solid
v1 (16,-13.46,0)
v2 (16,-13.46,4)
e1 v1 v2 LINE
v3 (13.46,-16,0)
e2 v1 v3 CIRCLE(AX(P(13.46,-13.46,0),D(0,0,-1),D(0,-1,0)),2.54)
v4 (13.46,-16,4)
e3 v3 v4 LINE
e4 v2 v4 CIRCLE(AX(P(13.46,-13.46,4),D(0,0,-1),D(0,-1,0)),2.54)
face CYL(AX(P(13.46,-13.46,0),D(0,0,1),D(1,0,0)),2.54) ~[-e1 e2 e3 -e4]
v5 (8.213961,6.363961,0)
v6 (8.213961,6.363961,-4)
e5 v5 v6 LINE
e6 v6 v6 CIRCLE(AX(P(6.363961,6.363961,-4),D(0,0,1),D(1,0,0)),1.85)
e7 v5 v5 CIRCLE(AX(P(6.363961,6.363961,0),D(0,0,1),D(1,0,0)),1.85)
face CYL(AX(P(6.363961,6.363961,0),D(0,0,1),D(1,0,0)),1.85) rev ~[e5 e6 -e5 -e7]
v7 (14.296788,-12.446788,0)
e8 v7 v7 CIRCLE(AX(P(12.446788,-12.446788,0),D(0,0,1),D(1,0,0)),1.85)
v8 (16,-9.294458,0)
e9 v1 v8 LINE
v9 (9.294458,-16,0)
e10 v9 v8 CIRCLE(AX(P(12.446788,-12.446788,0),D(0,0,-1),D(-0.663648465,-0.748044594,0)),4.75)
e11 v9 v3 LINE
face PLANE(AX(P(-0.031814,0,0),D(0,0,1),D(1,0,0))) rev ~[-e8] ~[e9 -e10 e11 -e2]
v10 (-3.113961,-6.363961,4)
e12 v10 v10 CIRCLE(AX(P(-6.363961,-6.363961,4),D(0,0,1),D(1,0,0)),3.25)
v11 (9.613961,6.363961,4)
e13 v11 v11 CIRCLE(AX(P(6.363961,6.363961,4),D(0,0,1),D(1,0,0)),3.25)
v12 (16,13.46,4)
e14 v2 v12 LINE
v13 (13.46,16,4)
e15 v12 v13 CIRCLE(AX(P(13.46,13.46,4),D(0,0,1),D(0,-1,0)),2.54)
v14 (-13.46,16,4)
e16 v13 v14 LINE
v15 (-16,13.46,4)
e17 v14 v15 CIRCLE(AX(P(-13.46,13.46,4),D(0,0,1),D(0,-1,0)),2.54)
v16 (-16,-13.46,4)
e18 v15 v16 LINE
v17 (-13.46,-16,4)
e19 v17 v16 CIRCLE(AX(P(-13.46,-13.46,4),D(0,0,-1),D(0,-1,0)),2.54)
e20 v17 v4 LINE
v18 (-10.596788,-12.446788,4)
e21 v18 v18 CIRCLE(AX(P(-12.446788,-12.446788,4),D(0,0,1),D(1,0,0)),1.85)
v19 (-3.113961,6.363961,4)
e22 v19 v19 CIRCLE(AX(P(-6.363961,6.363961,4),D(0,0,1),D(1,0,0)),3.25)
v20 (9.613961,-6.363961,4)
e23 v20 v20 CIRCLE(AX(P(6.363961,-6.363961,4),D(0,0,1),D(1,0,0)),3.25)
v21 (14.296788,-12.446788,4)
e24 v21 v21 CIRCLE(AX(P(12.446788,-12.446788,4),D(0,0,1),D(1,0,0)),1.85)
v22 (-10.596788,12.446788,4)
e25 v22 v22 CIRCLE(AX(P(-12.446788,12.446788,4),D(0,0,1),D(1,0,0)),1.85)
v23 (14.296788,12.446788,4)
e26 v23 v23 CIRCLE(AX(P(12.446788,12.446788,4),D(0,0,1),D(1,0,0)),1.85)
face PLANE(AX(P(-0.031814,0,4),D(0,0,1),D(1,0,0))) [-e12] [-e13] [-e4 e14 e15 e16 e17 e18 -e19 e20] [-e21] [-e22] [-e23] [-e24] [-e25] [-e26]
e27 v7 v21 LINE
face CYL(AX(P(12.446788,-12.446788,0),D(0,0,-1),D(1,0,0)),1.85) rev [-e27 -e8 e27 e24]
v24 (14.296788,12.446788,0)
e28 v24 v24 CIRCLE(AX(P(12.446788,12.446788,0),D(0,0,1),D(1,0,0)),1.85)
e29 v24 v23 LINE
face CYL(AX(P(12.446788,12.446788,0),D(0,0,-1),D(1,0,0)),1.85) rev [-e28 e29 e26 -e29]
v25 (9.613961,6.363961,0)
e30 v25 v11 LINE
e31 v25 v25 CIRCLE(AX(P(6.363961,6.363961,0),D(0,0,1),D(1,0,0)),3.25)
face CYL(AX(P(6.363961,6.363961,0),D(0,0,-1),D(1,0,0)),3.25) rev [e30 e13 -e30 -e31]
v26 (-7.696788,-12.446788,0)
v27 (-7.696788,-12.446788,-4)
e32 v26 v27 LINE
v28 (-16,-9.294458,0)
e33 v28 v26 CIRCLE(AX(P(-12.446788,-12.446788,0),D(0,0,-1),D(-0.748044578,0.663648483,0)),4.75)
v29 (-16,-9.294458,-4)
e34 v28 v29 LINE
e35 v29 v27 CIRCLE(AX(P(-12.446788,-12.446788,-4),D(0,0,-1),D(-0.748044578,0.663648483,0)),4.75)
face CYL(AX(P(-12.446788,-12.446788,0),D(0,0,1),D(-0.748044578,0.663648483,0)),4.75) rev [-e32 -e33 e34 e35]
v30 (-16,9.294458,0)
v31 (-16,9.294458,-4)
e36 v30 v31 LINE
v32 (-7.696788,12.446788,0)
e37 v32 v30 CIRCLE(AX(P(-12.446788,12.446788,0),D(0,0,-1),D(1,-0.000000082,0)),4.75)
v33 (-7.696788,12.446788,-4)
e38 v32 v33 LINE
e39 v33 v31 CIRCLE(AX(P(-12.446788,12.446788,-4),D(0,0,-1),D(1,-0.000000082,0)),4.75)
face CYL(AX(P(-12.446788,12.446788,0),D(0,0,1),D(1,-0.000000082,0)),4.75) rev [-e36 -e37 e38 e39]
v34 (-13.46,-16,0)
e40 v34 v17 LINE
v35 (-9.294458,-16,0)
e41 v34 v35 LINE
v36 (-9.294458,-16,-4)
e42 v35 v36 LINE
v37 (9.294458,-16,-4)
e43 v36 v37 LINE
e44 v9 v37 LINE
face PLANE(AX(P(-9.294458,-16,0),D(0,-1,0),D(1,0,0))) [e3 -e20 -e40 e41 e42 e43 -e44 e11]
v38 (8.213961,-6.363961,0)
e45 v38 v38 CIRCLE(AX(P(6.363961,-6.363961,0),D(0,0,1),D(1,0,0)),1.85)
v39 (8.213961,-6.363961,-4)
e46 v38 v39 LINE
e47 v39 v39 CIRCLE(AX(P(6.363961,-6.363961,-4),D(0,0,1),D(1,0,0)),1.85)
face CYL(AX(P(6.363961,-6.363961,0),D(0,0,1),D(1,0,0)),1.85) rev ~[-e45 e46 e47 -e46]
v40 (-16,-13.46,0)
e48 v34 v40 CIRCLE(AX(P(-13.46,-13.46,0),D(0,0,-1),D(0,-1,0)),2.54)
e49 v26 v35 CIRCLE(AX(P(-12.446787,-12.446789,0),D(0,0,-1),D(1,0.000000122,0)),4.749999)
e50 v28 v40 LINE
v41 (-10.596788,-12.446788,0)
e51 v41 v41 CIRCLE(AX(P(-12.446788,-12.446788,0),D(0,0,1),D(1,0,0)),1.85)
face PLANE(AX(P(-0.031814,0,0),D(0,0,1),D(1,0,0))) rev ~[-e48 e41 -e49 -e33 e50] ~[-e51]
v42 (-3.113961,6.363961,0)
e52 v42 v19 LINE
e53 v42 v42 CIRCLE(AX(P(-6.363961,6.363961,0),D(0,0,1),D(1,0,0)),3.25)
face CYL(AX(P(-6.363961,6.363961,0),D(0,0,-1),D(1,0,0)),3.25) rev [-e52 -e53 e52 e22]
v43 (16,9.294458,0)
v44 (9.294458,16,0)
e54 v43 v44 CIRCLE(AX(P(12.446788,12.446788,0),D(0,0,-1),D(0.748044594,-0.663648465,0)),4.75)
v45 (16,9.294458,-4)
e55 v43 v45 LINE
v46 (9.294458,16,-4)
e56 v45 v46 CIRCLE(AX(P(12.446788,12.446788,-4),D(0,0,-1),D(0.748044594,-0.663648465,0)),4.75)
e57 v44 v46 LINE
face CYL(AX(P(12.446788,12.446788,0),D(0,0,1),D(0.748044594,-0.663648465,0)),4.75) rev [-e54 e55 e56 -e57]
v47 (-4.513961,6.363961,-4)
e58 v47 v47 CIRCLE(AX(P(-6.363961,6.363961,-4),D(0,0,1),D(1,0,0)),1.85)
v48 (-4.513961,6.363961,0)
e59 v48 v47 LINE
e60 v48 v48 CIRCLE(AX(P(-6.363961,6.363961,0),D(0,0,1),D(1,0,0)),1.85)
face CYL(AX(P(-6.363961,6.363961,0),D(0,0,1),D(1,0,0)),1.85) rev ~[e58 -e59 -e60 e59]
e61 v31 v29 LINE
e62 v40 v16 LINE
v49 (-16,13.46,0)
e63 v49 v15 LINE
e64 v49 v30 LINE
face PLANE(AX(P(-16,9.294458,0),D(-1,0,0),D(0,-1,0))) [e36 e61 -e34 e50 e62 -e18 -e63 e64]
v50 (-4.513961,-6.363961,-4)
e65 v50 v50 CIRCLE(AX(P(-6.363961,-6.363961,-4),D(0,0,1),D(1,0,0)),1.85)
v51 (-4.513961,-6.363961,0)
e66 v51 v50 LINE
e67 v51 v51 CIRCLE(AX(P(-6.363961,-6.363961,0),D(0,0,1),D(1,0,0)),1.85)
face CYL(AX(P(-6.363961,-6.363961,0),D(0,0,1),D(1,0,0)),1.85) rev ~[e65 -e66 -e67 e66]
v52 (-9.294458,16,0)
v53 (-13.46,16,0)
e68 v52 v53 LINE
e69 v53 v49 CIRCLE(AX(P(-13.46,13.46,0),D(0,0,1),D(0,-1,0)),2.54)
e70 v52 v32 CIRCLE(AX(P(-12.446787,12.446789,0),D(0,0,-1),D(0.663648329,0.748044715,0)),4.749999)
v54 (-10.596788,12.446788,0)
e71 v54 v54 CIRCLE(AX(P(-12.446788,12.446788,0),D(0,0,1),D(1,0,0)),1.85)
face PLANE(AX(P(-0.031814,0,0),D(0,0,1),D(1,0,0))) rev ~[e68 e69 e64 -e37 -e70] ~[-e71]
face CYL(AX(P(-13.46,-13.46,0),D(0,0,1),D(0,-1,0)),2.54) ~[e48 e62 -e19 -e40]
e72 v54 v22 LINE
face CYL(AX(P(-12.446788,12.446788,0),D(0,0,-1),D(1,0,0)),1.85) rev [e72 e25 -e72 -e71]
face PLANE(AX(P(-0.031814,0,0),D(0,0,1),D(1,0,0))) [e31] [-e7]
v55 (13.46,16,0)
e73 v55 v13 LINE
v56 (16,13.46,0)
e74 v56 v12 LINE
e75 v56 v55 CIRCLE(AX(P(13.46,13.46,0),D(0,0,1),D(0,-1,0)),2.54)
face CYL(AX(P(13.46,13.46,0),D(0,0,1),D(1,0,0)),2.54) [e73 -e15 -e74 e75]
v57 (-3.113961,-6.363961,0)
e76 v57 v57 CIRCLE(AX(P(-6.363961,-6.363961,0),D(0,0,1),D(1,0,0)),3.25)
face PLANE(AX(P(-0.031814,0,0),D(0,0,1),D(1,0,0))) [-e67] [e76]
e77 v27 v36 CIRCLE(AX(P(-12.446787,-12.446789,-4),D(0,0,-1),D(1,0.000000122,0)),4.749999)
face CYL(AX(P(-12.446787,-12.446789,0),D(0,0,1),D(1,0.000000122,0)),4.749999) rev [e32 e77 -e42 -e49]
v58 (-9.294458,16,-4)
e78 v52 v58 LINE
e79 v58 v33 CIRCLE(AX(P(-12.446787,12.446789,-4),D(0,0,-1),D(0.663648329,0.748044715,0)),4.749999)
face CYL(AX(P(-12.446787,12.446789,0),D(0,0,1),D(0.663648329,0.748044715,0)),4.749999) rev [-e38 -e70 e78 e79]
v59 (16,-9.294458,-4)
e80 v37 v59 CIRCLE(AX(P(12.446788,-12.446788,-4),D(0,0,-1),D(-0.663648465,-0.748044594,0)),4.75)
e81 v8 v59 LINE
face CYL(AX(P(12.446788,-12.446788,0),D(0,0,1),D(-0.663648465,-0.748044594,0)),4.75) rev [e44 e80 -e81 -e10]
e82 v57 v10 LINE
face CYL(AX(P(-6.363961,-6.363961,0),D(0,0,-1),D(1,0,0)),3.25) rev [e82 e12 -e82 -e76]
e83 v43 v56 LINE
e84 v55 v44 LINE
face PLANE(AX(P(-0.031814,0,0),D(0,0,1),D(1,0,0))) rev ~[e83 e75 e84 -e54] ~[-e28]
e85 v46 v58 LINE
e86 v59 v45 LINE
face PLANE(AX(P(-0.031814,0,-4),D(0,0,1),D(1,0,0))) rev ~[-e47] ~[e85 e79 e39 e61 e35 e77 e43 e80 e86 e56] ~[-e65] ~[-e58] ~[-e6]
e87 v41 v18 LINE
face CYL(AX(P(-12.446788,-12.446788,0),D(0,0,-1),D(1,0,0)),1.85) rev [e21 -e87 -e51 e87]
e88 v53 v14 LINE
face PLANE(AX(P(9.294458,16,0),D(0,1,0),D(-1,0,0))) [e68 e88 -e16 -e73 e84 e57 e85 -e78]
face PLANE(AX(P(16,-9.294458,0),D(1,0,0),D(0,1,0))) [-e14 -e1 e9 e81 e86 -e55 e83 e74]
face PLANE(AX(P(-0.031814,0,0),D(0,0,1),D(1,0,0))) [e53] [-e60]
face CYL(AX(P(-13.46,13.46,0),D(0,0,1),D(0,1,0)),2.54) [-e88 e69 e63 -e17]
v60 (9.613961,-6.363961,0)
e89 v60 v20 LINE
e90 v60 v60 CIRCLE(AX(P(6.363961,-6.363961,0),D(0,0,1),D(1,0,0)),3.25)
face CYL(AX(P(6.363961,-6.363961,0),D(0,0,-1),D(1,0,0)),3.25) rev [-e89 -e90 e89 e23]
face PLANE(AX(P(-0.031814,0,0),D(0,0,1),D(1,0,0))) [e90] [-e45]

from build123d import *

# Parameters (mm, degrees)
F0_R     = 3.25
F0_R_2   = 1.85
F1_DEPTH = 4
F2_DEPTH = 4
F3_R     = 2.54


with BuildPart() as f1:
    # F0 (on Top) → F1 (new body)
    with BuildSketch(Plane.XY):
        with BuildLine():
            ThreePointArc((16, 9.294458), (9.088031, 9.088031), (9.294458, 16))
            Line((9.294458, 16), (-9.294458, 16))
            ThreePointArc((-9.294458, 16), (-8.114579, 14.394727), (-7.696788, 12.446788))
            ThreePointArc((-7.696788, 12.446788), (-10.760855, 8.006053), (-16, 9.294458))
            Line((-16, 9.294458), (-16, -9.294458))
            ThreePointArc((-16, -9.294458), (-10.760855, -8.006053), (-7.696788, -12.446788))
            ThreePointArc((-7.696788, -12.446788), (-8.114579, -14.394727), (-9.294458, -16))
            Line((-9.294458, -16), (9.294458, -16))
            ThreePointArc((9.294458, -16), (9.088031, -9.088031), (16, -9.294458))
            Line((16, -9.294458), (16, 9.294458))
        make_face()
        with Locations((-6.363961, -6.363961)):
            Circle(F0_R, mode=Mode.SUBTRACT)
        with Locations((6.363961, -6.363961)):
            Circle(F0_R, mode=Mode.SUBTRACT)
        with Locations((-6.363961, 6.363961)):
            Circle(F0_R, mode=Mode.SUBTRACT)
        with Locations((6.363961, 6.363961)):
            Circle(F0_R, mode=Mode.SUBTRACT)
        with BuildLine():
            ThreePointArc((-7.696788, 12.446788), (-8.114579, 14.394727), (-9.294458, 16))
            Line((-9.294458, 16), (-15.599119, 16))
            ThreePointArc((-15.599119, 16), (-15.805546, 15.805546), (-16, 15.599119))
            Line((-16, 15.599119), (-16, 9.294458))
            ThreePointArc((-16, 9.294458), (-10.760855, 8.006053), (-7.696788, 12.446788))
        make_face()
        with Locations((-12.446788, 12.446788)):
            Circle(F0_R_2, mode=Mode.SUBTRACT)
        with BuildLine():
            ThreePointArc((16, 15.599119), (15.805546, 15.805546), (15.599119, 16))
            Line((15.599119, 16), (9.294458, 16))
            ThreePointArc((9.294458, 16), (9.088031, 9.088031), (16, 9.294458))
            Line((16, 9.294458), (16, 15.599119))
        make_face()
        with Locations((12.446788, 12.446788)):
            Circle(F0_R_2, mode=Mode.SUBTRACT)
        with BuildLine():
            Line((16, -15.599119), (16, -9.294458))
            ThreePointArc((16, -9.294458), (9.088031, -9.088031), (9.294458, -16))
            Line((9.294458, -16), (15.599119, -16))
            ThreePointArc((15.599119, -16), (15.805546, -15.805546), (16, -15.599119))
        make_face()
        with Locations((12.446788, -12.446788)):
            Circle(F0_R_2, mode=Mode.SUBTRACT)
        with BuildLine():
            Line((-15.599119, -16), (-9.294458, -16))
            ThreePointArc((-9.294458, -16), (-8.114579, -14.394727), (-7.696788, -12.446788))
            ThreePointArc((-7.696788, -12.446788), (-10.760855, -8.006053), (-16, -9.294458))
            Line((-16, -9.294458), (-16, -15.599119))
            ThreePointArc((-16, -15.599119), (-15.805546, -15.805546), (-15.599119, -16))
        make_face()
        with Locations((-12.446788, -12.446788)):
            Circle(F0_R_2, mode=Mode.SUBTRACT)
        with BuildLine():
            ThreePointArc((-16, 15.599119), (-15.805546, 15.805546), (-15.599119, 16))
            Line((-15.599119, 16), (-16, 16))
            Line((-16, 16), (-16, 15.599119))
        make_face()
        with BuildLine():
            Line((16, 15.599119), (16, 16))
            Line((16, 16), (15.599119, 16))
            ThreePointArc((15.599119, 16), (15.805546, 15.805546), (16, 15.599119))
        make_face()
        with BuildLine():
            Line((16, -16), (16, -15.599119))
            ThreePointArc((16, -15.599119), (15.805546, -15.805546), (15.599119, -16))
            Line((15.599119, -16), (16, -16))
        make_face()
        with BuildLine():
            Line((-16, -16), (-15.599119, -16))
            ThreePointArc((-15.599119, -16), (-15.805546, -15.805546), (-16, -15.599119))
            Line((-16, -15.599119), (-16, -16))
        make_face()
    extrude(amount=F1_DEPTH)

    # F0 (on Top) → F2 (join)
    with BuildSketch(Plane.XY):
        with BuildLine():
            ThreePointArc((16, 9.294458), (9.088031, 9.088031), (9.294458, 16))
            Line((9.294458, 16), (-9.294458, 16))
            ThreePointArc((-9.294458, 16), (-8.114579, 14.394727), (-7.696788, 12.446788))
            ThreePointArc((-7.696788, 12.446788), (-10.760855, 8.006053), (-16, 9.294458))
            Line((-16, 9.294458), (-16, -9.294458))
            ThreePointArc((-16, -9.294458), (-10.760855, -8.006053), (-7.696788, -12.446788))
            ThreePointArc((-7.696788, -12.446788), (-8.114579, -14.394727), (-9.294458, -16))
            Line((-9.294458, -16), (9.294458, -16))
            ThreePointArc((9.294458, -16), (9.088031, -9.088031), (16, -9.294458))
            Line((16, -9.294458), (16, 9.294458))
        make_face()
        with Locations((-6.363961, -6.363961)):
            Circle(F0_R, mode=Mode.SUBTRACT)
        with Locations((6.363961, -6.363961)):
            Circle(F0_R, mode=Mode.SUBTRACT)
        with Locations((-6.363961, 6.363961)):
            Circle(F0_R, mode=Mode.SUBTRACT)
        with Locations((6.363961, 6.363961)):
            Circle(F0_R, mode=Mode.SUBTRACT)
        with Locations((-6.363961, -6.363961)):
            Circle(F0_R)
        with Locations((-6.363961, -6.363961)):
            Circle(F0_R_2, mode=Mode.SUBTRACT)
        with Locations((6.363961, -6.363961)):
            Circle(F0_R)
        with Locations((6.363961, -6.363961)):
            Circle(F0_R_2, mode=Mode.SUBTRACT)
        with Locations((6.363961, 6.363961)):
            Circle(F0_R)
        with Locations((6.363961, 6.363961)):
            Circle(F0_R_2, mode=Mode.SUBTRACT)
        with Locations((-6.363961, 6.363961)):
            Circle(F0_R)
        with Locations((-6.363961, 6.363961)):
            Circle(F0_R_2, mode=Mode.SUBTRACT)
    extrude(amount=-F2_DEPTH)

    # F3
    f3_edges = [f1.edges().sort_by_distance(p)[0] for p in [
        (16, 16, 2),
        (-16, 16, 2),
        (-16, -16, 2),
        (16, -16, 2),
    ]]
    fillet(f3_edges, radius=F3_R)


solid = f1.part
